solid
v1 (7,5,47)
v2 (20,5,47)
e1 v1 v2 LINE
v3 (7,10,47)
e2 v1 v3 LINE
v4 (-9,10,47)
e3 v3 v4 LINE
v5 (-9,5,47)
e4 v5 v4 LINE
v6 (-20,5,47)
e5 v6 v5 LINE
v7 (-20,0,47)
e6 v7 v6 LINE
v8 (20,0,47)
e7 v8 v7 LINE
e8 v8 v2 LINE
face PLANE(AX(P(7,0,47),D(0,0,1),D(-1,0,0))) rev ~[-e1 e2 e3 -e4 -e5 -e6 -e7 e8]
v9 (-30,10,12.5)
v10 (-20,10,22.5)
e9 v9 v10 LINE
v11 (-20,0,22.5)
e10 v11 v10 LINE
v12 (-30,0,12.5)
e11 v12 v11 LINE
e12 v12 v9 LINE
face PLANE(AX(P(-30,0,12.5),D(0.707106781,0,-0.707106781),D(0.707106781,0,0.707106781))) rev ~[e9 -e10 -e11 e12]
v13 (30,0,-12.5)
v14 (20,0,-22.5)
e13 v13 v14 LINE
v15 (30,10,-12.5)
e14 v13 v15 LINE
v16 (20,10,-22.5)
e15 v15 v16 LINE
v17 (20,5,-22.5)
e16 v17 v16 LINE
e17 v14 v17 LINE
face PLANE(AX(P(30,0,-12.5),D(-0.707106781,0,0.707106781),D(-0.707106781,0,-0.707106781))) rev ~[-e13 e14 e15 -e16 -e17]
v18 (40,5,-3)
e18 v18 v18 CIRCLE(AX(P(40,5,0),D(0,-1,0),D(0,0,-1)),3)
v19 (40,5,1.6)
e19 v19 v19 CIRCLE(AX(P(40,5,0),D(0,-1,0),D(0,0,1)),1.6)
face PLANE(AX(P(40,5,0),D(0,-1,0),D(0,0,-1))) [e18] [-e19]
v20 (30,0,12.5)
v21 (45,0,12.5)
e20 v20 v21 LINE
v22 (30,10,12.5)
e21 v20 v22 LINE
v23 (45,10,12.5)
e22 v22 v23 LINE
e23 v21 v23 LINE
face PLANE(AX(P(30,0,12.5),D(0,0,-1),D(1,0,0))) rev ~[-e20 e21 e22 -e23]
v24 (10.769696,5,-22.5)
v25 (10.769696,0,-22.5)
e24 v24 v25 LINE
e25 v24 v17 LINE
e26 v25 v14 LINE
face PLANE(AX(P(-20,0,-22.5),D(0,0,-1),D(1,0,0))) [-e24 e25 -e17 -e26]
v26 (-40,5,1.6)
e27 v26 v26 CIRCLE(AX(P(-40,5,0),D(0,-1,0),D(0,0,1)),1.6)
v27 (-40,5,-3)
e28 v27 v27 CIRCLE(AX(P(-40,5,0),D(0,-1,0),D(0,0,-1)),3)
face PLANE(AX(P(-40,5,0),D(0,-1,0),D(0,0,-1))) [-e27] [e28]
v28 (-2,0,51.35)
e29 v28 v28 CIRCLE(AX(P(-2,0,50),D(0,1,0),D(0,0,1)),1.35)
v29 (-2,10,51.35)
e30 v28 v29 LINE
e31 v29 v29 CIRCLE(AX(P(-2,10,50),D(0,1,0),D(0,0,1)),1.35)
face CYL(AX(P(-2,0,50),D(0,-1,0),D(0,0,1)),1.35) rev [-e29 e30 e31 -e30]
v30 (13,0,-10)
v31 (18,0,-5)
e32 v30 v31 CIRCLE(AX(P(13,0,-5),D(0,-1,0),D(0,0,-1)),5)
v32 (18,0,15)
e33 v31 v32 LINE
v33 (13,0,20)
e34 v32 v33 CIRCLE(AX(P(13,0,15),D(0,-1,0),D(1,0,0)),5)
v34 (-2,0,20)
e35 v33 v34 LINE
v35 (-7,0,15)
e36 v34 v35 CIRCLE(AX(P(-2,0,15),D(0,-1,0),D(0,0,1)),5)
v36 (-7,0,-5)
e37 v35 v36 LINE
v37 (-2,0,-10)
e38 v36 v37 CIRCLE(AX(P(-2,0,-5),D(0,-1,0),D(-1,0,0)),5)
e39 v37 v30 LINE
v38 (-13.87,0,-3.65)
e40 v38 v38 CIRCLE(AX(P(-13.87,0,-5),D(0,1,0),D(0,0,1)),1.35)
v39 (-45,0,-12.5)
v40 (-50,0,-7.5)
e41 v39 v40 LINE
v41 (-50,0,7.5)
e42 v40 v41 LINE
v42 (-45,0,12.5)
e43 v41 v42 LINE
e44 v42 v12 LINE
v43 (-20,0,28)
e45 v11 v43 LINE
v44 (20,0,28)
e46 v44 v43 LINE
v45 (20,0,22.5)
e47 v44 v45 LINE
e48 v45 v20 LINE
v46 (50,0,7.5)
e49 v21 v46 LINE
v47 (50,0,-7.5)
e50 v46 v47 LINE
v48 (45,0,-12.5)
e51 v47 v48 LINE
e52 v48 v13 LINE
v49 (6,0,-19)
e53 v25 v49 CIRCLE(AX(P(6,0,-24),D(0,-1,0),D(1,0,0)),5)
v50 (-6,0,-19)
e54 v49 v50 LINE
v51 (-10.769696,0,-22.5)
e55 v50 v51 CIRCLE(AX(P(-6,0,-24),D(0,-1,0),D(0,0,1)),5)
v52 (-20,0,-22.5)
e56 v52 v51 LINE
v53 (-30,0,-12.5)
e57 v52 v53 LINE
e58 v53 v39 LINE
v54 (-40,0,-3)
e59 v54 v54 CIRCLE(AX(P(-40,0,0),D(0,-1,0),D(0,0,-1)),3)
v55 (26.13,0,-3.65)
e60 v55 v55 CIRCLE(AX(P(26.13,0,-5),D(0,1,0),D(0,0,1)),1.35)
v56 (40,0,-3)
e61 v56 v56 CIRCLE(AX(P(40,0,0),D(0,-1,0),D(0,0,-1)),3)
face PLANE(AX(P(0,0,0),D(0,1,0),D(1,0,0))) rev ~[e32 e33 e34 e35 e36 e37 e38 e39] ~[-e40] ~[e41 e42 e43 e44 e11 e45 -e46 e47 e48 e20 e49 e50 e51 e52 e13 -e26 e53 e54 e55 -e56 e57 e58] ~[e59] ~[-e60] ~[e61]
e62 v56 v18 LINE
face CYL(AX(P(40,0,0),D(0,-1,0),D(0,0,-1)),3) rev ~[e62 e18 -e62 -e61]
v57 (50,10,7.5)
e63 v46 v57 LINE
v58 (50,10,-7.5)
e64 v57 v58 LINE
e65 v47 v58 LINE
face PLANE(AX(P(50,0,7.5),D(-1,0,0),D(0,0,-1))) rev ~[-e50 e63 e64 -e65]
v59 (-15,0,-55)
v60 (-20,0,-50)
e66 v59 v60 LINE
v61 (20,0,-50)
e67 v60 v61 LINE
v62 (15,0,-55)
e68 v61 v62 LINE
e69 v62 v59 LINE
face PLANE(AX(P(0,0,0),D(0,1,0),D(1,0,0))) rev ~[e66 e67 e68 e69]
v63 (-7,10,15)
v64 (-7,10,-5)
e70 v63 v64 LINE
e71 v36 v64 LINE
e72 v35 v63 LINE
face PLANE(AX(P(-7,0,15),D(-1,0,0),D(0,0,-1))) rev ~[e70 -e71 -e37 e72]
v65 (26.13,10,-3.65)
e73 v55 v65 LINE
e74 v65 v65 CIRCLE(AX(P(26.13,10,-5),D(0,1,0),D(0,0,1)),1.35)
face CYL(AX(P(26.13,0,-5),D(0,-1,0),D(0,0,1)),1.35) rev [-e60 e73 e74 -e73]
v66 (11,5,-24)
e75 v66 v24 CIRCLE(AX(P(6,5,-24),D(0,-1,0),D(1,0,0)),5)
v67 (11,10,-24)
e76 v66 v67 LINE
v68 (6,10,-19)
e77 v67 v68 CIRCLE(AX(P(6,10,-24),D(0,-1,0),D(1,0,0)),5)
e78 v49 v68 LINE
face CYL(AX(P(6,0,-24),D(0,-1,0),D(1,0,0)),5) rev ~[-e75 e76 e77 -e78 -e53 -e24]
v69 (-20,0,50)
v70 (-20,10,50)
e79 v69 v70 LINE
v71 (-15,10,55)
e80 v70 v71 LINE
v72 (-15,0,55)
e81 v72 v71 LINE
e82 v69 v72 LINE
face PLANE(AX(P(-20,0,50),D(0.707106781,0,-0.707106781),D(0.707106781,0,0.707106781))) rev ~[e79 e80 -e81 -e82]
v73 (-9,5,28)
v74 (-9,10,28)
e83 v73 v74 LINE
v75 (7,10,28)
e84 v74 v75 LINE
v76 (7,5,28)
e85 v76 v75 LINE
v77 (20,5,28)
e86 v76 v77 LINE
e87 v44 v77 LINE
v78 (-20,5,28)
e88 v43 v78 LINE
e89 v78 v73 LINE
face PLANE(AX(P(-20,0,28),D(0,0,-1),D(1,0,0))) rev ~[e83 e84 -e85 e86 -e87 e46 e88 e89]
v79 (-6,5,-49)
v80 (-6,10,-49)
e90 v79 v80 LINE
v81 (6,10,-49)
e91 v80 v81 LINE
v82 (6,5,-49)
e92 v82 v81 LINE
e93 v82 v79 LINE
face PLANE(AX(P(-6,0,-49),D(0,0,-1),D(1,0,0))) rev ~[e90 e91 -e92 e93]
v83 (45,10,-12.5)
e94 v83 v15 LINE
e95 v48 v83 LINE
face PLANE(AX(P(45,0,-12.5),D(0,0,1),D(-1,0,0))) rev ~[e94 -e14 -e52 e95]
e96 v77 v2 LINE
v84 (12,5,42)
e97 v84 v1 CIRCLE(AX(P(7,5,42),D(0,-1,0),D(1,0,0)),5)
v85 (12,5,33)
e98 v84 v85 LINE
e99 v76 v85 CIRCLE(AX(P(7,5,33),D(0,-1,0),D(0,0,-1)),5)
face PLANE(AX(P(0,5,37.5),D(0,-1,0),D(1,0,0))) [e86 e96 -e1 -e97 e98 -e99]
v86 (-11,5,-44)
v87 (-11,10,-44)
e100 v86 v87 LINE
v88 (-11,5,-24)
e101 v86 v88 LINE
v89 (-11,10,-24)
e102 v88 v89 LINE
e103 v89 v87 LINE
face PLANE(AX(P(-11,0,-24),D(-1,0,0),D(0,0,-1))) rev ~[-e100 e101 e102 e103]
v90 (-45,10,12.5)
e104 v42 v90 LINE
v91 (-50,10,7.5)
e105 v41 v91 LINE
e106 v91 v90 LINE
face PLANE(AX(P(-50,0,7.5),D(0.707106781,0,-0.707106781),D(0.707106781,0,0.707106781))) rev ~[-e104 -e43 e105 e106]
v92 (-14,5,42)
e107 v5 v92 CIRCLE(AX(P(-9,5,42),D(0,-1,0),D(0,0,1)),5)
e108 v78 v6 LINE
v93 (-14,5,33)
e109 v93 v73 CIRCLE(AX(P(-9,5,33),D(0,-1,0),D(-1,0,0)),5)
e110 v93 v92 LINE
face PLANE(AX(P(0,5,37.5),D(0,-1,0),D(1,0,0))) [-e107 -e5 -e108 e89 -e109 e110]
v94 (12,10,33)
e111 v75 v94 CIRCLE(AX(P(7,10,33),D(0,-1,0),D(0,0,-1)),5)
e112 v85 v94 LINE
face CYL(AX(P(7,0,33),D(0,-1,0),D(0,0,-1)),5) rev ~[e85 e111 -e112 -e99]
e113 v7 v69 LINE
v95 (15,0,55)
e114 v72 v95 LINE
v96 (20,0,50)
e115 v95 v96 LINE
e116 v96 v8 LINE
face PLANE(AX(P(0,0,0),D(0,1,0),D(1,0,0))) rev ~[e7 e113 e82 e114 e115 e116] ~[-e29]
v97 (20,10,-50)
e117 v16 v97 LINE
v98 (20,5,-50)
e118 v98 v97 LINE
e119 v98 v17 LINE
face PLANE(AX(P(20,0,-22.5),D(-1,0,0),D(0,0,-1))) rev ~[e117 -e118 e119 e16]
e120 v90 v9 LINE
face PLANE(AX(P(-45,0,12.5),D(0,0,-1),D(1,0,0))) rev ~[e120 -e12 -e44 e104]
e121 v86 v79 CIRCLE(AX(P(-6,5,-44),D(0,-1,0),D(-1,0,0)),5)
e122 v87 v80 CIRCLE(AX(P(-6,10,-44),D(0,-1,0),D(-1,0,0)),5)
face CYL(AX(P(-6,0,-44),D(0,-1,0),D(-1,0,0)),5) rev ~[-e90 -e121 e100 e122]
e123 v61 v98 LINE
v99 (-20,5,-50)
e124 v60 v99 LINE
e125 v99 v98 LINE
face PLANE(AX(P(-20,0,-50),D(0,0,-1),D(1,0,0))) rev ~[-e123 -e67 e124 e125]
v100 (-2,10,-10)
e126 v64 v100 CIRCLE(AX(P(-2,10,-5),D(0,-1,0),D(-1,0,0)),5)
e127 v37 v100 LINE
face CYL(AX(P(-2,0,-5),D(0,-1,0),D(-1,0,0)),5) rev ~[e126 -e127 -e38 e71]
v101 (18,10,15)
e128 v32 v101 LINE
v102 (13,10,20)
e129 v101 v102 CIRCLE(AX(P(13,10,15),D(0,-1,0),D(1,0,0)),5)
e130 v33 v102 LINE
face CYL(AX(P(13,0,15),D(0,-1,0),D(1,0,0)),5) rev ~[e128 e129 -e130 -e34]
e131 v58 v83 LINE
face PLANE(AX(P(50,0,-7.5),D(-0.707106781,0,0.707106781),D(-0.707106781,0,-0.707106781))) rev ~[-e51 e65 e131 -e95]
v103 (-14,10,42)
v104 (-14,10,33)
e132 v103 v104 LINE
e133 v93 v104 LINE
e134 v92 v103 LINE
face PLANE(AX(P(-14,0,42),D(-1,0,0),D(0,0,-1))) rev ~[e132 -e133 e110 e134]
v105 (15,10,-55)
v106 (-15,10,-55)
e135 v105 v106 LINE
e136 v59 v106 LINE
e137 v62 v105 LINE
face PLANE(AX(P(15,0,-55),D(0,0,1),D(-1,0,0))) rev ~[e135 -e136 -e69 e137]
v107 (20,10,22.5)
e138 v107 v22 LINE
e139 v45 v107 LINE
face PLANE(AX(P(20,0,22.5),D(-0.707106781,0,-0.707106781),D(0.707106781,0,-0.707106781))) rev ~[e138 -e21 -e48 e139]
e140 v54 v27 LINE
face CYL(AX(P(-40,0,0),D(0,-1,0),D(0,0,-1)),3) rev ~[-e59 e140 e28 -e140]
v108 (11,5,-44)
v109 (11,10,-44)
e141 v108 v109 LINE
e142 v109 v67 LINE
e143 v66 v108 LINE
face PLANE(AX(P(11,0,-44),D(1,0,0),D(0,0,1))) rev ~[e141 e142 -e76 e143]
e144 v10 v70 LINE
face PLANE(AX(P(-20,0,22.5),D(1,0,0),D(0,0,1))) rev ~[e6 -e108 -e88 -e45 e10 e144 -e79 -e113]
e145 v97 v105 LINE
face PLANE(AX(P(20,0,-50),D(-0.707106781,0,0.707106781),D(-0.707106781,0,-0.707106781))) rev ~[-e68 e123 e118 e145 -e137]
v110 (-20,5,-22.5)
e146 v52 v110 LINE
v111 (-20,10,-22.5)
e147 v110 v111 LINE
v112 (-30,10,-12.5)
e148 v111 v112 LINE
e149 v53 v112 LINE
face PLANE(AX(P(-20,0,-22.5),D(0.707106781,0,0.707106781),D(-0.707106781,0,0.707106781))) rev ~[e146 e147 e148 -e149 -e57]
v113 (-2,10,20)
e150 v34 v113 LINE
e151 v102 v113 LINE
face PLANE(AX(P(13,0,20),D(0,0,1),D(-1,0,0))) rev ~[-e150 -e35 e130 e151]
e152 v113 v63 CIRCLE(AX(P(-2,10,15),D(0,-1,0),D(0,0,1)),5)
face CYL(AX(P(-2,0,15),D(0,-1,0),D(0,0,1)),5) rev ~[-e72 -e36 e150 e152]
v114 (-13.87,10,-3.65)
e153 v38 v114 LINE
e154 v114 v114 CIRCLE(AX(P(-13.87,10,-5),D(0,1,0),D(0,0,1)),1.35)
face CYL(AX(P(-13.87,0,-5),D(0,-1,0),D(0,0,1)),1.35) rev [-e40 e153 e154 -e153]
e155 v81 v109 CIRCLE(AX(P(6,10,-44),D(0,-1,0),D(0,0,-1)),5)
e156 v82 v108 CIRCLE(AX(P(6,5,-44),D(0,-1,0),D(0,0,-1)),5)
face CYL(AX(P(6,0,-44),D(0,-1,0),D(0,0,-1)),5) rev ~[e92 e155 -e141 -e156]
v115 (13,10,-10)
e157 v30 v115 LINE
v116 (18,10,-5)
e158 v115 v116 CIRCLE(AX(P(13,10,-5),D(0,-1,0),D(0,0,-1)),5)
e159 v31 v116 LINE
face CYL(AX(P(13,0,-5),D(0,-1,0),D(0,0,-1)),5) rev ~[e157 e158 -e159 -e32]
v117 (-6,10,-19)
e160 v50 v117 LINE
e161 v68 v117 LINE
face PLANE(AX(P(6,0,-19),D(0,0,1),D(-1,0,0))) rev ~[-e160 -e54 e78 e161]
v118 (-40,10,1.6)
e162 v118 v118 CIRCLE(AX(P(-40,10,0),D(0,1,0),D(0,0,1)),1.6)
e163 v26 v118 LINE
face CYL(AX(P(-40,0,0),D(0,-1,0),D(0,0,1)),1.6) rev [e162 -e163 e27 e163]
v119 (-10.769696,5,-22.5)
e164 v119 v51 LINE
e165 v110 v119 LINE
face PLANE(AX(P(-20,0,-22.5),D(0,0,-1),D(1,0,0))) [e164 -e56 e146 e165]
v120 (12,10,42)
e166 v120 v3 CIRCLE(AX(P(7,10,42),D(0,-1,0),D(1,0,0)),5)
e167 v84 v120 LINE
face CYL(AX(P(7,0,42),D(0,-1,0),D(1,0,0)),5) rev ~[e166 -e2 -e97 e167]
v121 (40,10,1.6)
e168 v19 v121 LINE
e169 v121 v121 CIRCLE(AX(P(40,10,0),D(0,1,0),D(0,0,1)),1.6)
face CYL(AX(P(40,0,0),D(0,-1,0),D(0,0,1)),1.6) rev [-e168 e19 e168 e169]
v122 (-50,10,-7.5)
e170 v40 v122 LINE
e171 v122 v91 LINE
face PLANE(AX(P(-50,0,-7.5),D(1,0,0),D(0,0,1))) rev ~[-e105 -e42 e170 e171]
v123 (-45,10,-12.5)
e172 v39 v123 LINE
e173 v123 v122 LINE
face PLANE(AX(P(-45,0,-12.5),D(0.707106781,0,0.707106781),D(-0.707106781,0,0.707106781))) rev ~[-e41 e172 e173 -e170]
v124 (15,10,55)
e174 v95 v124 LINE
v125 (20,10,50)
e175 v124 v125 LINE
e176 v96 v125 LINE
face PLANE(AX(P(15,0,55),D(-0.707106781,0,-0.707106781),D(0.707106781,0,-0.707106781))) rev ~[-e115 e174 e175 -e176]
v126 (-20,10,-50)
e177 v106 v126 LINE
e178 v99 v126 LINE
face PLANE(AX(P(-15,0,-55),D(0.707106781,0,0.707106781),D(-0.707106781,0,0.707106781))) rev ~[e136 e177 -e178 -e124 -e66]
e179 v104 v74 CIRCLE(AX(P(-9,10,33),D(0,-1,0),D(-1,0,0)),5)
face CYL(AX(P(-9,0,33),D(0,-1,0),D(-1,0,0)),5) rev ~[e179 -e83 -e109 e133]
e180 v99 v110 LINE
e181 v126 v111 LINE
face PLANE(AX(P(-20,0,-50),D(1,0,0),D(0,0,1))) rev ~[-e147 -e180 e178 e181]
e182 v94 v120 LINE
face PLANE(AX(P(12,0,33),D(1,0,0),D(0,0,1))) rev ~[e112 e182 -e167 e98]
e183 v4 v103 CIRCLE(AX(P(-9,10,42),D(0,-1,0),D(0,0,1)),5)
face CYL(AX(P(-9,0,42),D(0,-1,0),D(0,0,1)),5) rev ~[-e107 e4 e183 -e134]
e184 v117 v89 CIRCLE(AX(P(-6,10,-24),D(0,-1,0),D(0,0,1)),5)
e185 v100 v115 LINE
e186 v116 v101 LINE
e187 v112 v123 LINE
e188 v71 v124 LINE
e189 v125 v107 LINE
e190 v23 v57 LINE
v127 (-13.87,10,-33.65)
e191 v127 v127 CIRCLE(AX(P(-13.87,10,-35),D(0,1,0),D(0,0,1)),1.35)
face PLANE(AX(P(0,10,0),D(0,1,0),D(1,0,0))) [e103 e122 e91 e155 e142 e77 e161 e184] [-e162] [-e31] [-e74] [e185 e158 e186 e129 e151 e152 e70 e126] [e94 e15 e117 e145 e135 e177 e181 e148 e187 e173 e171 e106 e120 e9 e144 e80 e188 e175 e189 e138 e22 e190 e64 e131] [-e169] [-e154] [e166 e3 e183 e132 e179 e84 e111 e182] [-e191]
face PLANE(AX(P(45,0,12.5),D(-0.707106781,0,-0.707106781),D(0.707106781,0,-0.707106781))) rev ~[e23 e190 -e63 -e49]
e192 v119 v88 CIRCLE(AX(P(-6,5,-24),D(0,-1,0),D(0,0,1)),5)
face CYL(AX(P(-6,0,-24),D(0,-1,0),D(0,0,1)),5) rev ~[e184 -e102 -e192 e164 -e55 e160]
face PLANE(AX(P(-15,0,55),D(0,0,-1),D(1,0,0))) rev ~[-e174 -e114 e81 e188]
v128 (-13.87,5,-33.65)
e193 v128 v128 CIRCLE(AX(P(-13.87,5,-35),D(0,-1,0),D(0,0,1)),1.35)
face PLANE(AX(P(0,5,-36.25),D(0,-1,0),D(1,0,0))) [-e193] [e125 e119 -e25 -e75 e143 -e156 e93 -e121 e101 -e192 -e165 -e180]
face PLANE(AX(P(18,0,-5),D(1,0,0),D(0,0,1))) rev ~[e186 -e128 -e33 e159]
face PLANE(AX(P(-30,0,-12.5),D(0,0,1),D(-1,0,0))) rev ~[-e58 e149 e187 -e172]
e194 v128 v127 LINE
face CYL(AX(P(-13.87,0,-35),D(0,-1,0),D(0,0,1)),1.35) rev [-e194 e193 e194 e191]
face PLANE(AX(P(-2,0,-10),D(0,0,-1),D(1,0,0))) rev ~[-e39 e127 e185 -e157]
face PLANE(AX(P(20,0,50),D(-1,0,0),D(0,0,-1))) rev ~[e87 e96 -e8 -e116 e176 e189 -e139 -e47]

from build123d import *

# Parameters (mm, degrees)
SKETCH_1_R          = 1.6
SKETCH_1_R_2        = 1.35
EXTRUDE_1_DEPTH     = 10
SKETCH_2_R          = 3
CUT_EXTRUDE_1_DEPTH = 5
SKETCH_3_W          = 40
SKETCH_3_H          = 19
SKETCH_3_H_2        = 27.5
CUT_EXTRUDE_2_DEPTH = 5


with BuildPart() as part:
    # 草图1 → 凸台-拉伸1 (new body)
    with BuildSketch(Plane(origin=(0, 0, 0), x_dir=(1, 0, 0), z_dir=(0, 1, 0))):
        Polygon((-50, 7.5), (-50, -7.5), (-45, -12.5), (-30, -12.5), (-20, -22.5), (-20, -50), (-15, -55), (15, -55), (20, -50), (20, -22.5), (30, -12.5), (45, -12.5), (50, -7.5), (50, 7.5), (45, 12.5), (30, 12.5), (20, 22.5), (20, 50), (15, 55), (-15, 55), (-20, 50), (-20, 22.5), (-30, 12.5), (-45, 12.5), align=None)
        with Locations(Location((40, 0, 0), (0, 0, 270))):
            Circle(SKETCH_1_R, mode=Mode.SUBTRACT)
        with Locations(Location((-40, 0, 0), (0, 0, 270))):
            Circle(SKETCH_1_R, mode=Mode.SUBTRACT)
        with Locations(Location((-2, -50, 0), (0, 0, 270))):
            Circle(SKETCH_1_R_2, mode=Mode.SUBTRACT)
        with Locations(Location((-13.87, 5, 0), (0, 0, 270))):
            Circle(SKETCH_1_R_2, mode=Mode.SUBTRACT)
        with Locations(Location((26.13, 5, 0), (0, 0, 270))):
            Circle(SKETCH_1_R_2, mode=Mode.SUBTRACT)
        with Locations(Location((-13.87, 35, 0), (0, 0, 270))):
            Circle(SKETCH_1_R_2, mode=Mode.SUBTRACT)
        with BuildLine():
            Line((-6, 49), (6, 49))
            ThreePointArc((6, 49), (9.535533906, 47.535533906), (11, 44))
            Line((11, 44), (11, 24))
            ThreePointArc((11, 24), (9.535533906, 20.464466094), (6, 19))
            Line((6, 19), (-6, 19))
            ThreePointArc((-6, 19), (-9.535533906, 20.464466094), (-11, 24))
            Line((-11, 24), (-11, 44))
            ThreePointArc((-11, 44), (-9.535533906, 47.535533906), (-6, 49))
        make_face(mode=Mode.SUBTRACT)
        with BuildLine():
            Line((-9, -28), (7, -28))
            ThreePointArc((7, -28), (10.535533906, -29.464466094), (12, -33))
            Line((12, -33), (12, -42))
            ThreePointArc((12, -42), (10.535533906, -45.535533906), (7, -47))
            Line((7, -47), (-9, -47))
            ThreePointArc((-9, -47), (-12.535533906, -45.535533906), (-14, -42))
            Line((-14, -42), (-14, -33))
            ThreePointArc((-14, -33), (-12.535533906, -29.464466094), (-9, -28))
        make_face(mode=Mode.SUBTRACT)
        with BuildLine():
            Line((-2, 10), (13, 10))
            ThreePointArc((13, 10), (16.535533906, 8.535533906), (18, 5))
            Line((18, 5), (18, -15))
            ThreePointArc((18, -15), (16.535533906, -18.535533906), (13, -20))
            Line((13, -20), (-2, -20))
            ThreePointArc((-2, -20), (-5.535533906, -18.535533906), (-7, -15))
            Line((-7, -15), (-7, 5))
            ThreePointArc((-7, 5), (-5.535533906, 8.535533906), (-2, 10))
        make_face(mode=Mode.SUBTRACT)
    extrude(amount=EXTRUDE_1_DEPTH)

    # 草图2 → 切除-拉伸1 (cut)
    with BuildSketch(Plane.XZ):
        with Locations(Location((-40, 0, 0), (0, 0, 270))):
            Circle(SKETCH_2_R)
        with Locations(Location((40, 0, 0), (0, 0, 270))):
            Circle(SKETCH_2_R)
    extrude(amount=-CUT_EXTRUDE_1_DEPTH, mode=Mode.SUBTRACT)

    # 草图3 → 切除-拉伸2 (cut)
    with BuildSketch(Plane.XZ):
        with Locations((0, 37.5)):
            Rectangle(SKETCH_3_W, SKETCH_3_H)
        with Locations((0, -36.25)):
            Rectangle(SKETCH_3_W, SKETCH_3_H_2)
    extrude(amount=-CUT_EXTRUDE_2_DEPTH, mode=Mode.SUBTRACT)


solid = part.part
